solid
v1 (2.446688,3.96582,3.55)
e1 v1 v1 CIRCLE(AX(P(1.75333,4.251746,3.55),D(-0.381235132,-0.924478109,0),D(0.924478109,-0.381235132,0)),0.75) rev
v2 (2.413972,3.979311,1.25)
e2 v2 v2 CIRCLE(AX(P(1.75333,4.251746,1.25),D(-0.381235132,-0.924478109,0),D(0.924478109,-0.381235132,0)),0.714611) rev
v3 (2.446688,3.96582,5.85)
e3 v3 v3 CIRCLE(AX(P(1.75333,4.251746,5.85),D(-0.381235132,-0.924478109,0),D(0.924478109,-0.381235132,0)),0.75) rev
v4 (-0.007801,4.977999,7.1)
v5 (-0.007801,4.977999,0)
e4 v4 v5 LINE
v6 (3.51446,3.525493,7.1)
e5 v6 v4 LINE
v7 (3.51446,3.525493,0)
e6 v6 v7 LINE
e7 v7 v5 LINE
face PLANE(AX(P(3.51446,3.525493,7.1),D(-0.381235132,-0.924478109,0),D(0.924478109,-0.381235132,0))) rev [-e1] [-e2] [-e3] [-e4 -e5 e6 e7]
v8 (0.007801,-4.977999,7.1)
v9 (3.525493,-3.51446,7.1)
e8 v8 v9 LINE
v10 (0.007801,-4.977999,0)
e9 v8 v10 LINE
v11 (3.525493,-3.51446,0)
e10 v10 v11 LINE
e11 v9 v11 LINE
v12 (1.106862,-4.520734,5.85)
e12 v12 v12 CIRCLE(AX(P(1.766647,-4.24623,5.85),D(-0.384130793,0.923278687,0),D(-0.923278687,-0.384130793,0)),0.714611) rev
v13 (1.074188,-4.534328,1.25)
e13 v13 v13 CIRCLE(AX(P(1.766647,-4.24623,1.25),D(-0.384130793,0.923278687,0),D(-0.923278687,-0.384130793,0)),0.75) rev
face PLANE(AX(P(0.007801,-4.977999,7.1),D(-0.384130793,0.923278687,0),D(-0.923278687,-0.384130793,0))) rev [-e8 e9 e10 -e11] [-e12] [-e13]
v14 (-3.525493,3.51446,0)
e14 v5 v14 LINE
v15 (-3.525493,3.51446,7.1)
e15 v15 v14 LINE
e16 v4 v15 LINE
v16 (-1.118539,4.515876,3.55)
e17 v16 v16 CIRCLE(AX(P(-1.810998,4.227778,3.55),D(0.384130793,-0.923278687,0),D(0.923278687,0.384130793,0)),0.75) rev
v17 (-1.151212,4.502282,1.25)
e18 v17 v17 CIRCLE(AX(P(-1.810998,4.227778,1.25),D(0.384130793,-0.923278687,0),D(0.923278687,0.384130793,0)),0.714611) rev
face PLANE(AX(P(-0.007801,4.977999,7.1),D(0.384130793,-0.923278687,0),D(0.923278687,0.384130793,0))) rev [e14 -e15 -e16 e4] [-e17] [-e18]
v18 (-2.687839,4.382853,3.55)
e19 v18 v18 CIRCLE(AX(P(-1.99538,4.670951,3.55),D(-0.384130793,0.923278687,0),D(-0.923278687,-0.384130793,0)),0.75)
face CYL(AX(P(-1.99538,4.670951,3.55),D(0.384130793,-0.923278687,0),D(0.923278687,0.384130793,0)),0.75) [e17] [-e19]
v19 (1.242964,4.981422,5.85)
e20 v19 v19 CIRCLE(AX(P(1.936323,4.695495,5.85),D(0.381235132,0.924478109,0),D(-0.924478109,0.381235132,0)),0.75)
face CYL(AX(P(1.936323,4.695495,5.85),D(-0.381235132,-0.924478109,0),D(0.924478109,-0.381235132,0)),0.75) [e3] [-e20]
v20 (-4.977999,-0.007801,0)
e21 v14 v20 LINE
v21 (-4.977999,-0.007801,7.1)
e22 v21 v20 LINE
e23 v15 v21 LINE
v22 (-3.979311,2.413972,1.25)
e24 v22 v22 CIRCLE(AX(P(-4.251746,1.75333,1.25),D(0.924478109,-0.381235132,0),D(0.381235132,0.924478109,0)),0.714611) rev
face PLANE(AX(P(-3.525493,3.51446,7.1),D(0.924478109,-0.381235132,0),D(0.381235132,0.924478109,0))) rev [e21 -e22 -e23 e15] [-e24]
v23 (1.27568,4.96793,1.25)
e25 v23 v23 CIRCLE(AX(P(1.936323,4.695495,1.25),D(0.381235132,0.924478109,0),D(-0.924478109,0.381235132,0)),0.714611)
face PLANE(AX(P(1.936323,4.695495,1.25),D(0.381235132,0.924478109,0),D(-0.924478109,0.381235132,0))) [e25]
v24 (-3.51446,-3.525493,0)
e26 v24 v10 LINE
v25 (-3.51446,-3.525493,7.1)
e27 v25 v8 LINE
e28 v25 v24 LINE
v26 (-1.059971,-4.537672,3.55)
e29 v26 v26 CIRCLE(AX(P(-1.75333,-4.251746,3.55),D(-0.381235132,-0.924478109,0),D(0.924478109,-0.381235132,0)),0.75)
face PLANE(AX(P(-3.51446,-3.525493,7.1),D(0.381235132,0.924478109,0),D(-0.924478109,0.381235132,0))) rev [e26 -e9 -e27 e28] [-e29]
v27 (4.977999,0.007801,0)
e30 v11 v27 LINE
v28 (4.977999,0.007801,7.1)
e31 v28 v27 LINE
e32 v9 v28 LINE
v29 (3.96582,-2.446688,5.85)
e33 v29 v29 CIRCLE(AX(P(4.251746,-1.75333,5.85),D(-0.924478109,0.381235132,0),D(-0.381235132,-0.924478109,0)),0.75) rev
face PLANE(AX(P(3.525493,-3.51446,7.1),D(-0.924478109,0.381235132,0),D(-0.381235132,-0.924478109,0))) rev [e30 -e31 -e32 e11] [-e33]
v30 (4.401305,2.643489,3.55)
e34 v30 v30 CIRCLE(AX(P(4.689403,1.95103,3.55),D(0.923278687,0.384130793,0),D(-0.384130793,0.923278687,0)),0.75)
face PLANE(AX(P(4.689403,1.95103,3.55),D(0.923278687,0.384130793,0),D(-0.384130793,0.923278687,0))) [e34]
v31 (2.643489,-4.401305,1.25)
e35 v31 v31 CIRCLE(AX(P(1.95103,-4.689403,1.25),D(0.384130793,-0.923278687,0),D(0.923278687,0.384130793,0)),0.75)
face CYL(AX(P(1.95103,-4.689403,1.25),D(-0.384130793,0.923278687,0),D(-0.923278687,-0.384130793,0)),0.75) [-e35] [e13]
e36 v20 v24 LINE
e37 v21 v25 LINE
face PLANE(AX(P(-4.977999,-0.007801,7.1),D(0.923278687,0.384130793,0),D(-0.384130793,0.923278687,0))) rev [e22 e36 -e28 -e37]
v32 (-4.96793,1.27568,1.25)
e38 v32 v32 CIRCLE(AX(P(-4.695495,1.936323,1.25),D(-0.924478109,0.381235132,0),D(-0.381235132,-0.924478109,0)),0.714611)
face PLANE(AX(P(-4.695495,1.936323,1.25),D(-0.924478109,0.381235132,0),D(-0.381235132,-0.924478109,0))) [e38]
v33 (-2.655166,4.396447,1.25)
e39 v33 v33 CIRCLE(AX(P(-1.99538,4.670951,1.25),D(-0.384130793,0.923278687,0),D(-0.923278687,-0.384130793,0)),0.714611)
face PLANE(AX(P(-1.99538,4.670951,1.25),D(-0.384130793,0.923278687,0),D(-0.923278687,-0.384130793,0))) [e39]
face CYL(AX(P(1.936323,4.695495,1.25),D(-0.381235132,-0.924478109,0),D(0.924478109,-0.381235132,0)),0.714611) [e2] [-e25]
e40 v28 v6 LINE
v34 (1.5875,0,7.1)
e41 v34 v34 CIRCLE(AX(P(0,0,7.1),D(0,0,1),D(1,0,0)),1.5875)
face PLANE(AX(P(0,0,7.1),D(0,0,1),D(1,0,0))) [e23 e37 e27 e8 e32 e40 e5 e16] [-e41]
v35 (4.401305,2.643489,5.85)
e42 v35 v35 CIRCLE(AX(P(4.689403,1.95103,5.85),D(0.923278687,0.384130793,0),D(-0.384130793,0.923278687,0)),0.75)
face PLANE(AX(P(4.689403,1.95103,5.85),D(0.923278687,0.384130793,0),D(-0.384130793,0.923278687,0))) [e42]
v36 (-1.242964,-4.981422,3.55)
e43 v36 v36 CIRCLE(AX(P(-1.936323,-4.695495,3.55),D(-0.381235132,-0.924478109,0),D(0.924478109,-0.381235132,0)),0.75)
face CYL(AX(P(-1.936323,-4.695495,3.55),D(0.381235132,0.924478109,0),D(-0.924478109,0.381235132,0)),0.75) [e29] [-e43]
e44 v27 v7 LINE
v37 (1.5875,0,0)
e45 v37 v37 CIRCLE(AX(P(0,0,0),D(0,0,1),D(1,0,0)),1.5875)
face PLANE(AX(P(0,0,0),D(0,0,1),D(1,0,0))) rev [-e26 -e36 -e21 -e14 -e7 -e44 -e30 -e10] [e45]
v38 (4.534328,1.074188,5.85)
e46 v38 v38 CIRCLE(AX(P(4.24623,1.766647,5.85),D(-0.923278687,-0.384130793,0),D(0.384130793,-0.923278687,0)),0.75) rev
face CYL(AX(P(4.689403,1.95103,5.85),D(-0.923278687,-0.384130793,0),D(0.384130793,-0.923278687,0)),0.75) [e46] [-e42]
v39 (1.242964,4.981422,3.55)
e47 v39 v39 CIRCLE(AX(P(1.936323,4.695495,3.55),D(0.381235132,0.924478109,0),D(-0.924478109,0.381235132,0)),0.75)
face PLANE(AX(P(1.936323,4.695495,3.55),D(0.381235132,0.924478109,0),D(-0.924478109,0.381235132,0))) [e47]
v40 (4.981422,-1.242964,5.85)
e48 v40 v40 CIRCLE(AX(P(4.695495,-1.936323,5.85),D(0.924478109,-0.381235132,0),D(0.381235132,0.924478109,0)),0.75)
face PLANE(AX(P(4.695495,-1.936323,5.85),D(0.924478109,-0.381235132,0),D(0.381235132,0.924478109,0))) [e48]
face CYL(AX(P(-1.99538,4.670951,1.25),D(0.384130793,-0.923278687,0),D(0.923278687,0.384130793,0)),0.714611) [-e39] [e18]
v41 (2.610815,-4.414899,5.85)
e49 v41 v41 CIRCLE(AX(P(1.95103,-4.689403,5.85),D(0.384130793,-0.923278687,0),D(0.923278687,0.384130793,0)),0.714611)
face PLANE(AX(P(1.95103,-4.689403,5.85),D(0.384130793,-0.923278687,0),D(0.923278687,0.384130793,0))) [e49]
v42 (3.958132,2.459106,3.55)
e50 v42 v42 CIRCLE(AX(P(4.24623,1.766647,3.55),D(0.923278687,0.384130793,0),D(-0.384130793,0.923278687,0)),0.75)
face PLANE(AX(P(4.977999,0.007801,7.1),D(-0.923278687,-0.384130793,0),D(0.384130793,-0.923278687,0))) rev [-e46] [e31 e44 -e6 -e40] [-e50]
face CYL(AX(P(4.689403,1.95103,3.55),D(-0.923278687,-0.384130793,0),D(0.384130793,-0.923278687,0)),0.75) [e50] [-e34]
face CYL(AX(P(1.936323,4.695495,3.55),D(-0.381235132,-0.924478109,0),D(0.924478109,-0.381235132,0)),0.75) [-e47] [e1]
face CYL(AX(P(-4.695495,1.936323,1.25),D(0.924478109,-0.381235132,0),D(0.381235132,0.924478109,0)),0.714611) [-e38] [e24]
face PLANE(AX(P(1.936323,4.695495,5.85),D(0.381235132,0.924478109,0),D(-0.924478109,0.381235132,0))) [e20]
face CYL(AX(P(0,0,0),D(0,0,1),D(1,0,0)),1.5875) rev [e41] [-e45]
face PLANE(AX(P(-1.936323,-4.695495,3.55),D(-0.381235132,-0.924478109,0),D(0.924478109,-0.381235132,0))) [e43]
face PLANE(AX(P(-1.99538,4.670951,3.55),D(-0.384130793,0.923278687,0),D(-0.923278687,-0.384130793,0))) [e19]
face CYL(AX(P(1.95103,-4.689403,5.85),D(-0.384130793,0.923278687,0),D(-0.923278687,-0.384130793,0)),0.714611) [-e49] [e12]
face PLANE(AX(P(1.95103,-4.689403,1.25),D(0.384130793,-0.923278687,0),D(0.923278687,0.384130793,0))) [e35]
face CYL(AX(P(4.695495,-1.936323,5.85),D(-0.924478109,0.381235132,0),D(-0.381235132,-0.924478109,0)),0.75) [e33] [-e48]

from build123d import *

# Parameters (mm, degrees)
BOSS_EXTRUDE1_DEPTH  = 7.1
SKETCH2_R            = 0.714611453
SKETCH2_R_2          = 0.75
BOSS_EXTRUDE2_DEPTH  = 0.48
SKETCH8_R            = 0.75
BOSS_EXTRUDE4_DEPTH  = 0.48
SKETCH9_R            = 0.75
BOSS_EXTRUDE5_DEPTH  = 0.48
SKETCH10_R           = 0.714611453
SKETCH10_R_2         = 0.75
BOSS_EXTRUDE7_DEPTH  = 0.48
SKETCH11_R           = 0.714611453
SKETCH11_R_2         = 0.75
BOSS_EXTRUDE8_DEPTH  = 0.48
SKETCH12_R           = 0.714611453
BOSS_EXTRUDE9_DEPTH  = 0.48
SKETCH13_R           = 0.75
BOSS_EXTRUDE10_DEPTH = 0.48
SKETCH15_R           = 1.5875
CUT_EXTRUDE3_DEPTH   = 8.1


with BuildPart() as part:
    # Sketch1 → Boss-Extrude1 (new body)
    with BuildSketch(Plane.XY):
        Polygon((-0.007801135, 4.977998784), (-3.525492932, 3.514460461), (-4.977998784, -0.007801135), (-3.514460461, -3.525492932), (0.007801135, -4.977998784), (3.525492932, -3.514460461), (4.977998784, 0.007801135), (3.514460461, 3.525492932), align=None)
    extrude(amount=BOSS_EXTRUDE1_DEPTH)

    # Sketch2 → Boss-Extrude2 (add)
    with BuildSketch(Plane(origin=(1.753329663, 4.251745858, 0), x_dir=(0.924478109, -0.381235132, 0), z_dir=(0.381235132, 0.924478109, 0))):
        with Locations((0, -1.25)):
            Circle(SKETCH2_R)
        with Locations((0, -3.55)):
            Circle(SKETCH2_R_2)
        with Locations((0, -5.85)):
            Circle(SKETCH2_R_2)
    extrude(amount=BOSS_EXTRUDE2_DEPTH)

    # Sketch8 → Boss-Extrude4 (add)
    with BuildSketch(Plane(origin=(4.246229622, 1.766647033, 0), x_dir=(0, 0, -1), z_dir=(0.923278687, 0.384130793, 0))):
        with Locations((-3.55, 0)):
            Circle(SKETCH8_R)
        with Locations((-5.85, 0)):
            Circle(SKETCH8_R)
    extrude(amount=BOSS_EXTRUDE4_DEPTH)

    # Sketch9 → Boss-Extrude5 (add)
    with BuildSketch(Plane(origin=(4.251745858, -1.753329663, 0), x_dir=(0, 0, -1), z_dir=(0.924478109, -0.381235132, 0))):
        with Locations((-5.85, 0)):
            Circle(SKETCH9_R)
    extrude(amount=BOSS_EXTRUDE5_DEPTH)

    # Sketch10 → Boss-Extrude7 (add)
    with BuildSketch(Plane(origin=(1.766647033, -4.246229622, 0), x_dir=(0.923278687, 0.384130793, 0), z_dir=(0.384130793, -0.923278687, 0))):
        with Locations((0, 5.85)):
            Circle(SKETCH10_R)
        with Locations((0, 1.25)):
            Circle(SKETCH10_R_2)
    extrude(amount=BOSS_EXTRUDE7_DEPTH)

    # Sketch11 → Boss-Extrude8 (add)
    with BuildSketch(Plane(origin=(-1.766647033, 4.246229622, 0), x_dir=(0.923278687, 0.384130793, 0), z_dir=(-0.384130793, 0.923278687, 0))):
        with Locations((-0.048036035, -1.25)):
            Circle(SKETCH11_R)
        with Locations((-0.048036035, -3.55)):
            Circle(SKETCH11_R_2)
    extrude(amount=BOSS_EXTRUDE8_DEPTH)

    # Sketch12 → Boss-Extrude9 (add)
    with BuildSketch(Plane(origin=(-4.251745858, 1.753329663, 0), x_dir=(0, 0, 1), z_dir=(-0.924478109, 0.381235132, 0))):
        with Locations((1.25, 0)):
            Circle(SKETCH12_R)
    extrude(amount=BOSS_EXTRUDE9_DEPTH)

    # Sketch13 → Boss-Extrude10 (add)
    with BuildSketch(Plane(origin=(-1.753329663, -4.251745858, 0), x_dir=(0.924478109, -0.381235132, 0), z_dir=(-0.381235132, -0.924478109, 0))):
        with Locations((0, 3.55)):
            Circle(SKETCH13_R)
    extrude(amount=BOSS_EXTRUDE10_DEPTH)

    # Sketch15 → Cut-Extrude3 (cut, through all)
    with BuildSketch(Plane.XY.offset(7.1)):
        Circle(SKETCH15_R)
    extrude(amount=-CUT_EXTRUDE3_DEPTH, mode=Mode.SUBTRACT)


solid = part.part
